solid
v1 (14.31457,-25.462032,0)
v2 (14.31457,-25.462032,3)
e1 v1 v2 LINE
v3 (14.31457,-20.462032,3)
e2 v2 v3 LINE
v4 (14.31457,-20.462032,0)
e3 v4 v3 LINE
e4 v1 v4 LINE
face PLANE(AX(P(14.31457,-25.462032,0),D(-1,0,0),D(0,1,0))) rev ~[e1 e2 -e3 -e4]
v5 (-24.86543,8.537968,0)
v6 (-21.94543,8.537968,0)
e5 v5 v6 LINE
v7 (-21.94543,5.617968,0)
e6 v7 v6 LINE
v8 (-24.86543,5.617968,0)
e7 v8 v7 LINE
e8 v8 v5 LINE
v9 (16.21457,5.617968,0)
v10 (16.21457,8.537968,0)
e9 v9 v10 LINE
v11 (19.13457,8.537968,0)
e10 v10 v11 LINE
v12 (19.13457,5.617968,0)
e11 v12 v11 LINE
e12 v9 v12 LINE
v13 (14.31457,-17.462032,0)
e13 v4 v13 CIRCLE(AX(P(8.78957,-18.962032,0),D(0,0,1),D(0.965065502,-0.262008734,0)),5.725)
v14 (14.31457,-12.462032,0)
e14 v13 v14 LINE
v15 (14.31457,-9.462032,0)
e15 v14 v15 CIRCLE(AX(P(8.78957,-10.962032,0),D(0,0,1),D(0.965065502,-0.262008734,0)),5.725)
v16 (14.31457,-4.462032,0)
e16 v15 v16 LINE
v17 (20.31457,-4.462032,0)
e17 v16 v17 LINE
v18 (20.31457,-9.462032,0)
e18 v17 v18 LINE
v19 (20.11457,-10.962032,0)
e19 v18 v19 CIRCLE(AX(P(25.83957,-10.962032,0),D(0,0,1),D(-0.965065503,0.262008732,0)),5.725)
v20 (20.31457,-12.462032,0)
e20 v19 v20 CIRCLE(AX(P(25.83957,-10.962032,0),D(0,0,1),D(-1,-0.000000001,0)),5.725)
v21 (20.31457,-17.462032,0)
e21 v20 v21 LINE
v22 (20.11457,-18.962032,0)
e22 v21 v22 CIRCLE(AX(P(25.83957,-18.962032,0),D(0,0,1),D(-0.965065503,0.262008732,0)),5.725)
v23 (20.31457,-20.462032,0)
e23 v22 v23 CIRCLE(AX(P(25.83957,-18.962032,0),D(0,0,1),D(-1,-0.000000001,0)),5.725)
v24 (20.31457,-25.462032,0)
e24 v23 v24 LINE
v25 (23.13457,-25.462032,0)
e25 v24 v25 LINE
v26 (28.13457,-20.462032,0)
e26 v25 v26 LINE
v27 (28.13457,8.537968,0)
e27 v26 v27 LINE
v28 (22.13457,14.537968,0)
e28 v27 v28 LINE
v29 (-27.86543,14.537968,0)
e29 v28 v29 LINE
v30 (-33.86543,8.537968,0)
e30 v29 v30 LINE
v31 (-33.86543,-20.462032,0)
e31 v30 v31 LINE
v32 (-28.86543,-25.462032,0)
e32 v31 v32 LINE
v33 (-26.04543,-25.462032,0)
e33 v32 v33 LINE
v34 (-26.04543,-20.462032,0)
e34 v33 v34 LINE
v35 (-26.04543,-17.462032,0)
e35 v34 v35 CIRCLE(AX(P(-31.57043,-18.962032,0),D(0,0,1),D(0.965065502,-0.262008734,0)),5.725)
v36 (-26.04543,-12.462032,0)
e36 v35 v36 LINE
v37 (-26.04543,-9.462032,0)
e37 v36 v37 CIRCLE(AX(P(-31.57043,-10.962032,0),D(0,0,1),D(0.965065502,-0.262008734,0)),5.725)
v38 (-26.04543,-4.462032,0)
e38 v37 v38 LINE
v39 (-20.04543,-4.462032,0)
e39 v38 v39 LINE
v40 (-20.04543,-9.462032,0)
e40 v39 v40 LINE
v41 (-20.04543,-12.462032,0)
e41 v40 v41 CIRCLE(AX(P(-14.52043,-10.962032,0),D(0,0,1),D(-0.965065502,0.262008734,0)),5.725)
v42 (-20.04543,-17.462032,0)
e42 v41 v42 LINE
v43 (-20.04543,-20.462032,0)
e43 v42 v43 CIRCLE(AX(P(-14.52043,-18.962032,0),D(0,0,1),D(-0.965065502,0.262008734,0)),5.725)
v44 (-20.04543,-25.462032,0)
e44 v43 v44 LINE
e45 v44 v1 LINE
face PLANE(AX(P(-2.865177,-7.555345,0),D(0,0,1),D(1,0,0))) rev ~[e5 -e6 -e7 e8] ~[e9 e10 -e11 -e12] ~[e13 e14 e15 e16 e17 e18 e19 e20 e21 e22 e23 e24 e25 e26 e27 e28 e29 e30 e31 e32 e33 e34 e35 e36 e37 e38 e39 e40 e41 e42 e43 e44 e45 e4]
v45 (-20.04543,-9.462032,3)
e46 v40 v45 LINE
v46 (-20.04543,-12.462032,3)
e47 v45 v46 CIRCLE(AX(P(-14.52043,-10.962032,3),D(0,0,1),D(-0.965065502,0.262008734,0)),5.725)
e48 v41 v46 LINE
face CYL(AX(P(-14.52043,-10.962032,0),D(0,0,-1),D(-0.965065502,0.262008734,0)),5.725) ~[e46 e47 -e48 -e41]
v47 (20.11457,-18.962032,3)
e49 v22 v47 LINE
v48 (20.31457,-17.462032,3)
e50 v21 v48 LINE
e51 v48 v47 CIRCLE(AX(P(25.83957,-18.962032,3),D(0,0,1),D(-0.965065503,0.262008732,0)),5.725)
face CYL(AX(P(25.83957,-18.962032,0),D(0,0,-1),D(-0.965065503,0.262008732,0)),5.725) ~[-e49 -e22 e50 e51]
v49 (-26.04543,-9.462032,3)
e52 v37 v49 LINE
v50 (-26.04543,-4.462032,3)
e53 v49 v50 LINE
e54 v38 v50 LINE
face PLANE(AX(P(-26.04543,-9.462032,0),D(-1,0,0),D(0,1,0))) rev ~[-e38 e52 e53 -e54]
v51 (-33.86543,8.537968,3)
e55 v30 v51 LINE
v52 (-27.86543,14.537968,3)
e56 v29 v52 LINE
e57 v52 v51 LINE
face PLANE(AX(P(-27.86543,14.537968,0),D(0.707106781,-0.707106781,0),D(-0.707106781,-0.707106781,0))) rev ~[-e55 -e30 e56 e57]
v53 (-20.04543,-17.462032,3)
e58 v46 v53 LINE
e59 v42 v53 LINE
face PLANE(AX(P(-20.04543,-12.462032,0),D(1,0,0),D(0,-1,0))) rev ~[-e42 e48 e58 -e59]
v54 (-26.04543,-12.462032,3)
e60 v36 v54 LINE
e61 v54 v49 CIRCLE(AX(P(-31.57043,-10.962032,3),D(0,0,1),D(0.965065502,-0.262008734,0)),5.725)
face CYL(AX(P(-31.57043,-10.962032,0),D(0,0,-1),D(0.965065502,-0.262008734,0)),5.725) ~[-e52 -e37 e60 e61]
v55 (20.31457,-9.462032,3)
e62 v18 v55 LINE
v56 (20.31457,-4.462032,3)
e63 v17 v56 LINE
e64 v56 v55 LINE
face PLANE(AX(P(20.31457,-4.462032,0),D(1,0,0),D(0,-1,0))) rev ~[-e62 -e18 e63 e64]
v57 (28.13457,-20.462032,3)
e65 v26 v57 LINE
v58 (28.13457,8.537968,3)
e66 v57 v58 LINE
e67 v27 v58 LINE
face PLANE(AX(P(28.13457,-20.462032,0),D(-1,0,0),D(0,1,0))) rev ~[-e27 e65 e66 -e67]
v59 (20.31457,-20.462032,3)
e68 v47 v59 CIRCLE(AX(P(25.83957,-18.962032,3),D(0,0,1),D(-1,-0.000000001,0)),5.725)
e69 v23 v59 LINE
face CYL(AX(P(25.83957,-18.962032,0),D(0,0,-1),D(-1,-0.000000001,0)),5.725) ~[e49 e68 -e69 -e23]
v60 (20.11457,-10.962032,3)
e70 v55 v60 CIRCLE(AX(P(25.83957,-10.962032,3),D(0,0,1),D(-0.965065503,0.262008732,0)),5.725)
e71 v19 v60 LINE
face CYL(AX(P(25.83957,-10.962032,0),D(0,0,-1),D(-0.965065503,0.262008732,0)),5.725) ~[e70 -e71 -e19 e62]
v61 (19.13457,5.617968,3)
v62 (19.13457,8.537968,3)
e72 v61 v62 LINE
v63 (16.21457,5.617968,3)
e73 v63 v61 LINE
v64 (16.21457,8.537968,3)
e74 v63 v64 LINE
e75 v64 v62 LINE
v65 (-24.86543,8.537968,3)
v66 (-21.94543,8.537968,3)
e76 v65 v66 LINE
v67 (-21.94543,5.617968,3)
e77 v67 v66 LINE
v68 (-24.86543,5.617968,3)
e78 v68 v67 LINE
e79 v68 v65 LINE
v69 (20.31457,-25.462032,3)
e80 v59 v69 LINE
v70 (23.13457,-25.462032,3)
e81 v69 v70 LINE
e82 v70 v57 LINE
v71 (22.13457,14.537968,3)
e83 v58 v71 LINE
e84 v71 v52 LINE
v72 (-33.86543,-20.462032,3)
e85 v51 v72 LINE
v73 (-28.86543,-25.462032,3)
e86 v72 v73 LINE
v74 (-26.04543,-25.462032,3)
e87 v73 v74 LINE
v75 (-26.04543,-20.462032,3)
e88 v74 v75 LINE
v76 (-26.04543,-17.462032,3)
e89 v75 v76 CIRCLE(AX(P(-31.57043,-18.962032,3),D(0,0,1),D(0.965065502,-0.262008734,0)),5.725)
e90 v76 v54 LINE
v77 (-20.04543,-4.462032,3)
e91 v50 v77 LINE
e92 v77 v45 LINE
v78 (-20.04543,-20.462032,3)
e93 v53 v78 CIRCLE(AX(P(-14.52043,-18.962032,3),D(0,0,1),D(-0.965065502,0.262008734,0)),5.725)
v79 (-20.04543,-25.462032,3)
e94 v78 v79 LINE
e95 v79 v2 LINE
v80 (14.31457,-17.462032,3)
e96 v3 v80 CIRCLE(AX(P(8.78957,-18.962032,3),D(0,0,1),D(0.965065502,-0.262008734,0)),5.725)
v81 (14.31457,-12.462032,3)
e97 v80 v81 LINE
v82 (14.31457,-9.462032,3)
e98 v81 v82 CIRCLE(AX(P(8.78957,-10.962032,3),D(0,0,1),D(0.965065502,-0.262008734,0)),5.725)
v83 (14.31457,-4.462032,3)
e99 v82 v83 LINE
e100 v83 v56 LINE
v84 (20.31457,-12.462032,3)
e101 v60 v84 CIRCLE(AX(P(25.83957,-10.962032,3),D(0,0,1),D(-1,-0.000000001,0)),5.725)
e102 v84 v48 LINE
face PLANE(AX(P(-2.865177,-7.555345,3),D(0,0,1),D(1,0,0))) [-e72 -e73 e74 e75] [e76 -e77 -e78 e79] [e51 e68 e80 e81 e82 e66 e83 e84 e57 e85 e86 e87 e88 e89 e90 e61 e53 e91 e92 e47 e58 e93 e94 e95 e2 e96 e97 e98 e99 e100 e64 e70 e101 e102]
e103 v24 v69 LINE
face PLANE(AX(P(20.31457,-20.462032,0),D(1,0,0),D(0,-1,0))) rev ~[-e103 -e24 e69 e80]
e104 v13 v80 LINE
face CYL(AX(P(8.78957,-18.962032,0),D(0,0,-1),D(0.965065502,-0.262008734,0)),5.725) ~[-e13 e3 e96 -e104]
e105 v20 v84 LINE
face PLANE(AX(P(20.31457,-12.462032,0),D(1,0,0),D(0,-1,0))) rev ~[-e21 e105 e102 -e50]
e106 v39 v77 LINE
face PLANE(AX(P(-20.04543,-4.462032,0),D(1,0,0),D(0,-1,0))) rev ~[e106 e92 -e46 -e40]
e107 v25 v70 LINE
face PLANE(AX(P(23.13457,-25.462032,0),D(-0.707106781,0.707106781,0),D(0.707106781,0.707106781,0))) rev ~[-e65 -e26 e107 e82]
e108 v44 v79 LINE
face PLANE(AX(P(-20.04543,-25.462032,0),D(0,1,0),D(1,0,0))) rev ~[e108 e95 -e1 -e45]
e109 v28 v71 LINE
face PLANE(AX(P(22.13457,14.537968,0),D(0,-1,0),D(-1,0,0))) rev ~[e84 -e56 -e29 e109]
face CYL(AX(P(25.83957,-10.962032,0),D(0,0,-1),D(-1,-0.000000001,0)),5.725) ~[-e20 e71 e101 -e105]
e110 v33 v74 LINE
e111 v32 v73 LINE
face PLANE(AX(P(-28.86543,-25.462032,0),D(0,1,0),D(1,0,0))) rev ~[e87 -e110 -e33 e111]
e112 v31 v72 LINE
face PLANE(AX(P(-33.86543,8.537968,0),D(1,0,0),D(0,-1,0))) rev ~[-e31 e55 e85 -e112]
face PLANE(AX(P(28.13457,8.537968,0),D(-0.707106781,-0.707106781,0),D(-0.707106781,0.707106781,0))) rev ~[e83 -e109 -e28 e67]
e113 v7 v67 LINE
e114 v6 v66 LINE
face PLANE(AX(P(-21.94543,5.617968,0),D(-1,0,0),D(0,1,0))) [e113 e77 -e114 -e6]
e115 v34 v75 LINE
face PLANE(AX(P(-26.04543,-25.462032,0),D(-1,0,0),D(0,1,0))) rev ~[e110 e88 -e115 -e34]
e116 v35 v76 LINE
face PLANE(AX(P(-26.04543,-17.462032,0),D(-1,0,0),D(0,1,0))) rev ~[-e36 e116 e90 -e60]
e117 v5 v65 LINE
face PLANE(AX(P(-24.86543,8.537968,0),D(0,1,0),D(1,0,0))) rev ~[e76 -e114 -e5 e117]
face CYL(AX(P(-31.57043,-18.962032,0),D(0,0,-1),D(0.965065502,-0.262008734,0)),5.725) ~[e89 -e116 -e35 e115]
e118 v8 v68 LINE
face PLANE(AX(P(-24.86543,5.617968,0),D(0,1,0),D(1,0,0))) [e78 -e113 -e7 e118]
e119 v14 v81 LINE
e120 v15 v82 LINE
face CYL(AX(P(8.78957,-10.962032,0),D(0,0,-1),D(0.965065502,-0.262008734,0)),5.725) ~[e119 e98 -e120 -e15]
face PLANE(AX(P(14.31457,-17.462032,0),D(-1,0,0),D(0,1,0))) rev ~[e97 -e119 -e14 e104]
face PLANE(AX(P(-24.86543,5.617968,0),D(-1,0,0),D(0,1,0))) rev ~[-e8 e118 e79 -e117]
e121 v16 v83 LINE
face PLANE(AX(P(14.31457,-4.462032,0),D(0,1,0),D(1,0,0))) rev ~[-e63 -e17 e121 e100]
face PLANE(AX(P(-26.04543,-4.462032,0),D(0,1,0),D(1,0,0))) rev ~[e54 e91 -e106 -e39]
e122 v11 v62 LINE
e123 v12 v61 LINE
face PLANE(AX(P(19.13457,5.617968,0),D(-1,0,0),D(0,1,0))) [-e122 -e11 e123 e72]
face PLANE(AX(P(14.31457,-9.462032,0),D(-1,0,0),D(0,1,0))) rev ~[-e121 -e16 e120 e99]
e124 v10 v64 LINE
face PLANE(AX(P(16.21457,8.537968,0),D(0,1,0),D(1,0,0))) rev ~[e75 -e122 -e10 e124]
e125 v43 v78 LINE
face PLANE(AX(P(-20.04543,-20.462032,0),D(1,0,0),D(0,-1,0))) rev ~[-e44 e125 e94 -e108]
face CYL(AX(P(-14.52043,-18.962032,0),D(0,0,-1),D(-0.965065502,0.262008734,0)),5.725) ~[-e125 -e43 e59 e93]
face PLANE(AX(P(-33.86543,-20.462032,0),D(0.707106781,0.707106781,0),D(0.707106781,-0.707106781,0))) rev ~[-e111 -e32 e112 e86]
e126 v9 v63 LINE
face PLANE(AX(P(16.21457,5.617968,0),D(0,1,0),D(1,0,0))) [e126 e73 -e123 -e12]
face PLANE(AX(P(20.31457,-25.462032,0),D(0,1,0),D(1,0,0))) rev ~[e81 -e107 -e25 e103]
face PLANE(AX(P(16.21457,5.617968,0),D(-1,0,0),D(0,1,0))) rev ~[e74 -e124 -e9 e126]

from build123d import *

# Parameters (mm, degrees)
SKETCH1_W           = 2.92
SKETCH1_H           = 2.92
BOSS_EXTRUDE1_DEPTH = 3


with BuildPart() as part:
    # Sketch1 → Boss-Extrude1 (new body)
    with BuildSketch(Plane.XY):
        with BuildLine():
            Line((28.134570185, 8.537968033), (22.134570185, 14.537968033))
            Line((22.134570185, 14.537968033), (-27.865429815, 14.537968033))
            Line((-27.865429815, 14.537968033), (-33.865429815, 8.537968033))
            Line((-33.865429815, 8.537968033), (-33.865429815, -20.462031967))
            Line((-33.865429815, -20.462031967), (-28.865429815, -25.462031967))
            Line((-28.865429815, -25.462031967), (-26.045429815, -25.462031967))
            Line((-26.045429815, -25.462031967), (-26.045429815, -20.462031967))
            ThreePointArc((-26.045429815, -20.462031967), (-25.845429815, -18.962031967), (-26.045429815, -17.462031967))
            Line((-26.045429815, -17.462031967), (-26.045429815, -12.462031967))
            ThreePointArc((-26.045429815, -12.462031967), (-25.845429815, -10.962031967), (-26.045429815, -9.462031967))
            Line((-26.045429815, -9.462031967), (-26.045429815, -4.462031967))
            Line((-26.045429815, -4.462031967), (-20.045429815, -4.462031967))
            Line((-20.045429815, -4.462031967), (-20.045429815, -9.462031967))
            ThreePointArc((-20.045429815, -9.462031967), (-20.245429815, -10.962031967), (-20.045429815, -12.462031967))
            Line((-20.045429815, -12.462031967), (-20.045429815, -17.462031967))
            ThreePointArc((-20.045429815, -17.462031967), (-20.245429815, -18.962031967), (-20.045429815, -20.462031967))
            Line((-20.045429815, -20.462031967), (-20.045429815, -25.462031967))
            Line((-20.045429815, -25.462031967), (14.314570185, -25.462031967))
            Line((14.314570185, -25.462031967), (14.314570185, -20.462031967))
            ThreePointArc((14.314570185, -20.462031967), (14.514570185, -18.962031967), (14.314570185, -17.462031967))
            Line((14.314570185, -17.462031967), (14.314570185, -12.462031967))
            ThreePointArc((14.314570185, -12.462031967), (14.514570185, -10.962031967), (14.314570185, -9.462031967))
            Line((14.314570185, -9.462031967), (14.314570185, -4.462031967))
            Line((14.314570185, -4.462031967), (20.314570185, -4.462031967))
            Line((20.314570185, -4.462031967), (20.314570185, -9.462031967))
            ThreePointArc((20.314570185, -9.462031967), (20.164790454, -10.20539467), (20.114570185, -10.962031967))
            ThreePointArc((20.114570185, -10.962031967), (20.164790454, -11.718669265), (20.314570185, -12.462031967))
            Line((20.314570185, -12.462031967), (20.314570185, -17.462031967))
            ThreePointArc((20.314570185, -17.462031967), (20.164790454, -18.20539467), (20.114570185, -18.962031967))
            ThreePointArc((20.114570185, -18.962031967), (20.164790454, -19.718669265), (20.314570185, -20.462031967))
            Line((20.314570185, -20.462031967), (20.314570185, -25.462031967))
            Line((20.314570185, -25.462031967), (23.134570185, -25.462031967))
            Line((23.134570185, -25.462031967), (28.134570185, -20.462031967))
            Line((28.134570185, -20.462031967), (28.134570185, 8.537968033))
        make_face()
        with Locations((-23.405429815, 7.077968033)):
            Rectangle(SKETCH1_W, SKETCH1_H, mode=Mode.SUBTRACT)
        with Locations((17.674570185, 7.077968033)):
            Rectangle(SKETCH1_W, SKETCH1_H, mode=Mode.SUBTRACT)
    extrude(amount=BOSS_EXTRUDE1_DEPTH)


solid = part.part
